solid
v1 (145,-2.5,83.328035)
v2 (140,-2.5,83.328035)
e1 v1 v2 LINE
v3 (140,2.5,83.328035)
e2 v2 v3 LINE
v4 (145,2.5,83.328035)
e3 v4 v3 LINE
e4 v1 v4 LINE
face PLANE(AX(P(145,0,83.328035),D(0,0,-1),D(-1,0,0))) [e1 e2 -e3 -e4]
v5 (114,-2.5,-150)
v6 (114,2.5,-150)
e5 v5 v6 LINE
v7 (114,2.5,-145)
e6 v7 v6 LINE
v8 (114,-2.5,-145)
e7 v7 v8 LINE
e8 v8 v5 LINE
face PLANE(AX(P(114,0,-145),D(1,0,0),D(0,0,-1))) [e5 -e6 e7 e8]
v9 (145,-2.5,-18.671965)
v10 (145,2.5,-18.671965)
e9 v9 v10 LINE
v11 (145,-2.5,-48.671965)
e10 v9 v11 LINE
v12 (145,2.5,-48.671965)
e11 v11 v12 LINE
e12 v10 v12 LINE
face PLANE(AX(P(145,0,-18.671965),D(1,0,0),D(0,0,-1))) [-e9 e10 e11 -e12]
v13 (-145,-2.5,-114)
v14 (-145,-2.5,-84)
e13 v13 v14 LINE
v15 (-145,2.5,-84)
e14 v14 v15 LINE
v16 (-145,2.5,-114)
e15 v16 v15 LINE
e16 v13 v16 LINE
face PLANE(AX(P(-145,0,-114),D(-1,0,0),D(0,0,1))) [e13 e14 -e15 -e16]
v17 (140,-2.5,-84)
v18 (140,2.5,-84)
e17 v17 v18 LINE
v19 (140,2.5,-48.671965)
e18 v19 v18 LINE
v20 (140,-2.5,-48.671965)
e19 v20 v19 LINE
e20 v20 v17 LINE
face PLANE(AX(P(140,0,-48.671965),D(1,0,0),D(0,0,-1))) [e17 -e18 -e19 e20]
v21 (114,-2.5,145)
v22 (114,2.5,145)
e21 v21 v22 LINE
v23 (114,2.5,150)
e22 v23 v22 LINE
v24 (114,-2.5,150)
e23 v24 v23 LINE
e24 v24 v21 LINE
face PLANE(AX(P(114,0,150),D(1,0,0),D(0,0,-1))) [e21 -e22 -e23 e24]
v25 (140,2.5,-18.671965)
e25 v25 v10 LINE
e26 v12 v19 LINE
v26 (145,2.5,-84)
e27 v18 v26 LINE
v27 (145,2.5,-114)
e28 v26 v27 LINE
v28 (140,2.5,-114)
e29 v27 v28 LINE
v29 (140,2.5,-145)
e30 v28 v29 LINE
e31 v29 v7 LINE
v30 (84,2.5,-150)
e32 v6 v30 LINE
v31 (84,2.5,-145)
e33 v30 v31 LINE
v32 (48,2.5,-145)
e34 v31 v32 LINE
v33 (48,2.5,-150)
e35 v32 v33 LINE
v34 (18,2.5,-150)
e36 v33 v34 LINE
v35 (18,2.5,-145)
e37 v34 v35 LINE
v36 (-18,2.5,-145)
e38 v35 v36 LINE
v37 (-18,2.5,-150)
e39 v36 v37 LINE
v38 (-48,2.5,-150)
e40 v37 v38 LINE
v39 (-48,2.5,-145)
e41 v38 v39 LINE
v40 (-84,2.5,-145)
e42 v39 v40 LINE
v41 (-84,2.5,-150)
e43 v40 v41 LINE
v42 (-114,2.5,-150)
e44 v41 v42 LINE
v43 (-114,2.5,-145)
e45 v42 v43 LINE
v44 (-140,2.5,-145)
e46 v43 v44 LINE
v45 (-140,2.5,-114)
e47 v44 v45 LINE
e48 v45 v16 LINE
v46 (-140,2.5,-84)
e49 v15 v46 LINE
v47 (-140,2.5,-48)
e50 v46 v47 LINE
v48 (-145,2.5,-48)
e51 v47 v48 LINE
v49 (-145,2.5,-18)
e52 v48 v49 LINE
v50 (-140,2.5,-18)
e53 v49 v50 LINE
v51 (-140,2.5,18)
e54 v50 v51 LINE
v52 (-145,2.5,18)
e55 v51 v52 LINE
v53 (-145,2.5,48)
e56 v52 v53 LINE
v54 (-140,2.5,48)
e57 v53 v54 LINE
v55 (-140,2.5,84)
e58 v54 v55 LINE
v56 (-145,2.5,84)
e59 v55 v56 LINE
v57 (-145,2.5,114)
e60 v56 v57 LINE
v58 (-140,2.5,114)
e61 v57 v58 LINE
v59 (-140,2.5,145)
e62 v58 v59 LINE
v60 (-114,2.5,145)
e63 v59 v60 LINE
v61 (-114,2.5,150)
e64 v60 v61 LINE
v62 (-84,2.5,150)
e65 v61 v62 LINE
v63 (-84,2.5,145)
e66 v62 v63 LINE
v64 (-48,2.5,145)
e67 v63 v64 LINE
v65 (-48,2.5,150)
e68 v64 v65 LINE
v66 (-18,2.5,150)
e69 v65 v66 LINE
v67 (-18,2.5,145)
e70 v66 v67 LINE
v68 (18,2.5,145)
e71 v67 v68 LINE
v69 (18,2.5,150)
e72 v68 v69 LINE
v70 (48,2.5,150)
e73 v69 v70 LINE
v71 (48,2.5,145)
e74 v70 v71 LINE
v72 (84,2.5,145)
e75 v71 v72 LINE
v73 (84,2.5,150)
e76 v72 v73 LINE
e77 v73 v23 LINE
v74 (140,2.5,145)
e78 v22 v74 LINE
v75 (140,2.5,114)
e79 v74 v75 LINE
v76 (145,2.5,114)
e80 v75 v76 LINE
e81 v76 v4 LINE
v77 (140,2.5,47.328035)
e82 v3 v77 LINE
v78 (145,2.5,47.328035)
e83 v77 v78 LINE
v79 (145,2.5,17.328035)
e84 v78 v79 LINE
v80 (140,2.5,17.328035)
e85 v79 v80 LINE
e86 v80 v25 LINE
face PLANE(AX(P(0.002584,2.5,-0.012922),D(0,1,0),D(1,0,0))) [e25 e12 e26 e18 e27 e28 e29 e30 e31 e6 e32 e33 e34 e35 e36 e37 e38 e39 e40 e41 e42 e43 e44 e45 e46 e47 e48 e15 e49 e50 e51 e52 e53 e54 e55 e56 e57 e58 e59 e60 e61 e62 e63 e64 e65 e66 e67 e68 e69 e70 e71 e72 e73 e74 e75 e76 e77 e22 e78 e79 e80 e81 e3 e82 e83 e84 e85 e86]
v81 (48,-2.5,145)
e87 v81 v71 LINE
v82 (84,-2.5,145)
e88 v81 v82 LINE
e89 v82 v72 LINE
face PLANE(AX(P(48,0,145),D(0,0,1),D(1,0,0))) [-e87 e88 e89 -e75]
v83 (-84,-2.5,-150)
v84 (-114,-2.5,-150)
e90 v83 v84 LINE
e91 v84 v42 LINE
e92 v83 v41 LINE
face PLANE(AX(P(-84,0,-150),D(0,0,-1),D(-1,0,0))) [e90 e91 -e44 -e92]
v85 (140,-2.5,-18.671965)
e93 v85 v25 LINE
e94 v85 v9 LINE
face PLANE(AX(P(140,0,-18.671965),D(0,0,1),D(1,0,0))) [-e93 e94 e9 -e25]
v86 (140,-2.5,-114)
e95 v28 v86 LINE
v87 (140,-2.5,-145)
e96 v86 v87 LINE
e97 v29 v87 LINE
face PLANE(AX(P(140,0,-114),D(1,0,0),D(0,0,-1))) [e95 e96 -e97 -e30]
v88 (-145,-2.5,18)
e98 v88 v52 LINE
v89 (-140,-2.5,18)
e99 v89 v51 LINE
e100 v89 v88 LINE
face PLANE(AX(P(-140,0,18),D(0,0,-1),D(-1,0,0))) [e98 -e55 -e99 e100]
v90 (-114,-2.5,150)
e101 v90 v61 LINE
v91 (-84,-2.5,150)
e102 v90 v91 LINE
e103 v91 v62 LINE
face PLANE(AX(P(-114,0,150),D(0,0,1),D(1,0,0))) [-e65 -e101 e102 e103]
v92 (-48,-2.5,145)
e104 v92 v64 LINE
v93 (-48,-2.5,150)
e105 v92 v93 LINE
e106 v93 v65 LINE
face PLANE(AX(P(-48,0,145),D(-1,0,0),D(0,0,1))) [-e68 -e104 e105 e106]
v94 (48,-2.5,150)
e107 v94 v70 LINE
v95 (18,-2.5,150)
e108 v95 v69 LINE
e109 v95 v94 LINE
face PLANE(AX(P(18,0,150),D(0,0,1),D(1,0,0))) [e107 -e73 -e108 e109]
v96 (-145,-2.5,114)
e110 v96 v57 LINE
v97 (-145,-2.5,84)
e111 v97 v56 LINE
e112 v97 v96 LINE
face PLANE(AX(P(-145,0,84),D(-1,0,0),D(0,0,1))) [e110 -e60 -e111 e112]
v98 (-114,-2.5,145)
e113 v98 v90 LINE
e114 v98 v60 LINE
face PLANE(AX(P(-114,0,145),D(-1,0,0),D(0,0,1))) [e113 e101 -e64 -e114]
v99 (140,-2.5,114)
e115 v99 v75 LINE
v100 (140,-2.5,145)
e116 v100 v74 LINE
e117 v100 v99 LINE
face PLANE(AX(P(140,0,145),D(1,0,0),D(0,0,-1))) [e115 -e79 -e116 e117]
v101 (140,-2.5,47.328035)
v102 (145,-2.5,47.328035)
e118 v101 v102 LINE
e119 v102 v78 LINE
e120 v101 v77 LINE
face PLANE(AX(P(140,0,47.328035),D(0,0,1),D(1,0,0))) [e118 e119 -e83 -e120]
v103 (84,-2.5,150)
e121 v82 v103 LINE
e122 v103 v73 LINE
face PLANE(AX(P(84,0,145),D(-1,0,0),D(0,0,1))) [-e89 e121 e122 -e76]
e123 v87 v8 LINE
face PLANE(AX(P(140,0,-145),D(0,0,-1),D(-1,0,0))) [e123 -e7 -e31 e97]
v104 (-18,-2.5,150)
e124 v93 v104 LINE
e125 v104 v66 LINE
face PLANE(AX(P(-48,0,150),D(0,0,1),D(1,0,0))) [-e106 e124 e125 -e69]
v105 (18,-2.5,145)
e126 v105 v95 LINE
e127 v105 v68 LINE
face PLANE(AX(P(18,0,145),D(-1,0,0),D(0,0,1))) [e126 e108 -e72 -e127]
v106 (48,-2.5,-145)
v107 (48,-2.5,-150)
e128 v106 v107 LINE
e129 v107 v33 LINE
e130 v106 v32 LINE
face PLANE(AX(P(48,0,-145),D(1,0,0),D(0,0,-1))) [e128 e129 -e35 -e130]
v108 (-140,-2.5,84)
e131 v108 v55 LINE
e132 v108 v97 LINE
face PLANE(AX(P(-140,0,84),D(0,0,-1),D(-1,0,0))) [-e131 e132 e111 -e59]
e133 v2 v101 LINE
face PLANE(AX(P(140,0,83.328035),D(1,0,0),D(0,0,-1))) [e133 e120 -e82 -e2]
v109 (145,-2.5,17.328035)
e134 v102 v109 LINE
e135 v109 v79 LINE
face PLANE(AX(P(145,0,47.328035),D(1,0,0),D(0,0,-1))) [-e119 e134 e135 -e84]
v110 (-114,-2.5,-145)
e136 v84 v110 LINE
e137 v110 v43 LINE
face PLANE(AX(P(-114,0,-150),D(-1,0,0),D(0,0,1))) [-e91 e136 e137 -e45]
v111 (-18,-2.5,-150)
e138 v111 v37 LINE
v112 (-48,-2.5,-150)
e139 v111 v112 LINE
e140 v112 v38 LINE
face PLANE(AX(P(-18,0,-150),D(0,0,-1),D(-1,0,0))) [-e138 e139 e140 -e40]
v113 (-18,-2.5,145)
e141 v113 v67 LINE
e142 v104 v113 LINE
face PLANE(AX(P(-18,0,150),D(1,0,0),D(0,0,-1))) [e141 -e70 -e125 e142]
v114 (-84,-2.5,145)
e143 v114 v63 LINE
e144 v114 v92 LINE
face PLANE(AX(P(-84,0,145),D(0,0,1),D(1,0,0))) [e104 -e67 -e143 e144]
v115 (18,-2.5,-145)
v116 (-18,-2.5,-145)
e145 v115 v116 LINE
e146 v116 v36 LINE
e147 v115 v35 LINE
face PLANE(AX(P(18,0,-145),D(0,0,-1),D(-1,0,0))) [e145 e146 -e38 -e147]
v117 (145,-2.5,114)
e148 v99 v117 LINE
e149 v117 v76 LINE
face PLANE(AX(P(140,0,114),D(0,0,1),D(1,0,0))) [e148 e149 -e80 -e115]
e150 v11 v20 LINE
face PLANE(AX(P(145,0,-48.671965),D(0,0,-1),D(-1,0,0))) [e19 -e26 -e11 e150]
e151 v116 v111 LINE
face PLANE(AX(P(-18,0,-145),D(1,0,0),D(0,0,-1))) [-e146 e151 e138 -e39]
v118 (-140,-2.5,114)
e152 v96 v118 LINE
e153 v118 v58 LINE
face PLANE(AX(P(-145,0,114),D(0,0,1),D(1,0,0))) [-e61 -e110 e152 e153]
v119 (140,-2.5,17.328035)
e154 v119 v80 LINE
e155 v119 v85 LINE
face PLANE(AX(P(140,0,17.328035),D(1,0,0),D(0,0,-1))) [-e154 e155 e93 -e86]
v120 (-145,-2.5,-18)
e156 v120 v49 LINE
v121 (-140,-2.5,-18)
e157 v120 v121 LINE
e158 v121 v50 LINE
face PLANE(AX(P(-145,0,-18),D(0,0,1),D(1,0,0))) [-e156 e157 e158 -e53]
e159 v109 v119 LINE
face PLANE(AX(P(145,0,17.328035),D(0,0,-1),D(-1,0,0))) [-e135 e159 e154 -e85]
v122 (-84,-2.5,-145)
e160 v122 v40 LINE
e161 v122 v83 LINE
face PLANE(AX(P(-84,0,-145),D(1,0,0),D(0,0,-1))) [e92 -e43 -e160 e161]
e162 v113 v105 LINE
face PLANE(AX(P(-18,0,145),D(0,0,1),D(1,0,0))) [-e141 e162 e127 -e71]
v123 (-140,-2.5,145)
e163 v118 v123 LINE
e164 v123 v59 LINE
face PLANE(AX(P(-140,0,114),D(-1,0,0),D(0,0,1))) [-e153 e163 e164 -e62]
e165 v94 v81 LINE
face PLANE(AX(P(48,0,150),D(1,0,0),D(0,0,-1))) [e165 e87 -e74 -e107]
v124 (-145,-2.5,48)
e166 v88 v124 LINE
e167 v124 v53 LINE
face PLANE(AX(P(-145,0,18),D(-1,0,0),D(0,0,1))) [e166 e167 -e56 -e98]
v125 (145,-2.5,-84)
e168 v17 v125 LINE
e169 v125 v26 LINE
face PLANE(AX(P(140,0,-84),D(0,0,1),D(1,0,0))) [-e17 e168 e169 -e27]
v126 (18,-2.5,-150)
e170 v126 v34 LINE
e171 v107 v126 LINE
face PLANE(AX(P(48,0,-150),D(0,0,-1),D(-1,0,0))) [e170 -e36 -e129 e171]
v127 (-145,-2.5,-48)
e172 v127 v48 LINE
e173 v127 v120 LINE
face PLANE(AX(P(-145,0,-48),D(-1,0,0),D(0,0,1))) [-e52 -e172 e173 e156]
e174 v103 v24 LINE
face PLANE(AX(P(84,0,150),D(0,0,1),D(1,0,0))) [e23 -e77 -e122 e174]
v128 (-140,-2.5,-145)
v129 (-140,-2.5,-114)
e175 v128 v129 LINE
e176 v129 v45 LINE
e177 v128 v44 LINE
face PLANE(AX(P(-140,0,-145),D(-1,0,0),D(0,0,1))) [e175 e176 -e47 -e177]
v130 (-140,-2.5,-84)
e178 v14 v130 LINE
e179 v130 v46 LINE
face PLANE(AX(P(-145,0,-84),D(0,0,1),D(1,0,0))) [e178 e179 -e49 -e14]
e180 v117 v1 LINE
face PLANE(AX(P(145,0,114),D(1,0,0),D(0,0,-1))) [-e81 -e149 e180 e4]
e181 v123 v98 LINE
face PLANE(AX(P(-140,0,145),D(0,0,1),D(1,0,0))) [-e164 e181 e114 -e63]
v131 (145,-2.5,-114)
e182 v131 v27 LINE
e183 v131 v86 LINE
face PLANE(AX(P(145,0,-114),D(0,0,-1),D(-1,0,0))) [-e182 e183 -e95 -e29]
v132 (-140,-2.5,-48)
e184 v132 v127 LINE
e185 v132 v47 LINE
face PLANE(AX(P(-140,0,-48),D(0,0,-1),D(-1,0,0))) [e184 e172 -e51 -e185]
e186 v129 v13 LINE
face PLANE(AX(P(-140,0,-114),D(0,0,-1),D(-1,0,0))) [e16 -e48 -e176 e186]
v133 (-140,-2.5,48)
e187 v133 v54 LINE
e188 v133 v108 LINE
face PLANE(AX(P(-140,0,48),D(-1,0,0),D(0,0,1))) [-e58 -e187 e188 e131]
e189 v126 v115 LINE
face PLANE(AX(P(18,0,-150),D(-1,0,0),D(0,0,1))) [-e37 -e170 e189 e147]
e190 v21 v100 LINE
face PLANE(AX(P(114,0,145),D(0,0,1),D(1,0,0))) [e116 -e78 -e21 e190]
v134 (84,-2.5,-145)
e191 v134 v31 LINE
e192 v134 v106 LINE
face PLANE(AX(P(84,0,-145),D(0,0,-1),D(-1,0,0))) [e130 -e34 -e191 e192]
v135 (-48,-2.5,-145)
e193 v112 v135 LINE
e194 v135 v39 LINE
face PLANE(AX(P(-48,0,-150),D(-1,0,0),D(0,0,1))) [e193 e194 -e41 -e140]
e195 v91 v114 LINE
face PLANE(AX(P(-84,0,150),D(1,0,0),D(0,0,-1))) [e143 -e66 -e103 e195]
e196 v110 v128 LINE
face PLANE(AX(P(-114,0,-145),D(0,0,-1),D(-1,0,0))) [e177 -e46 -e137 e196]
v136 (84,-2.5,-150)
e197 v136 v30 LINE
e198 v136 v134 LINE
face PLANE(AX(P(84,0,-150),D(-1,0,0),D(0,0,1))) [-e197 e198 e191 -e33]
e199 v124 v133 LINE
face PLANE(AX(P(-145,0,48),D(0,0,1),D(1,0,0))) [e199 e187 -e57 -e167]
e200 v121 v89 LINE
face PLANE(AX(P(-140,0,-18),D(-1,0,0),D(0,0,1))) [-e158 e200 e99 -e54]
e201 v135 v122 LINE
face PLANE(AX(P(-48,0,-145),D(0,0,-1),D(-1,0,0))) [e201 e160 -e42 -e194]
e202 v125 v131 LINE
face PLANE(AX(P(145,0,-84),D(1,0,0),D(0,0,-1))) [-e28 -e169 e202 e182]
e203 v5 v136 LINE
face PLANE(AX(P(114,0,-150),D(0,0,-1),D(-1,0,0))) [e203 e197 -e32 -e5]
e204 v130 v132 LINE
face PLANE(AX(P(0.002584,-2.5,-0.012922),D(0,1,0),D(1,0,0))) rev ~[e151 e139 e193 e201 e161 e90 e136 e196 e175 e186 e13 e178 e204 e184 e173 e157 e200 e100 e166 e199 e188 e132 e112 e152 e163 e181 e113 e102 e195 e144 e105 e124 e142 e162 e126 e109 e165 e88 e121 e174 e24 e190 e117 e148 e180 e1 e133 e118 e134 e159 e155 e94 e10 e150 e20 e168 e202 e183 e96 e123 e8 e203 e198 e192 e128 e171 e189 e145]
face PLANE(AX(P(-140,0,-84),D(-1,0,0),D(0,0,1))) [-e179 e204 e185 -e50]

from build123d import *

# Parameters (mm, degrees)
BOSS_EXTRUDE1_DEPTH = 2.5


with BuildPart() as part:
    # Sketch1 → Boss-Extrude1 (new, symmetric)
    with BuildSketch(Plane(origin=(0, 0, 0), x_dir=(1, 0, 0), z_dir=(0, 1, 0))):
        Polygon((114, 145), (114, 150), (84, 150), (84, 145), (48, 145), (48, 150), (18, 150), (18, 145), (-18, 145), (-18, 150), (-48, 150), (-48, 145), (-84, 145), (-84, 150), (-114, 150), (-114, 145), (-140, 145), (-140, 114), (-145, 114), (-145, 84), (-140, 84), (-140, 48), (-145, 48), (-145, 18), (-140, 18), (-140, -18), (-145, -18), (-145, -48), (-140, -48), (-140, -84), (-145, -84), (-145, -114), (-140, -114), (-140, -145), (-114, -145), (-114, -150), (-84, -150), (-84, -145), (-48, -145), (-48, -150), (-18, -150), (-18, -145), (18, -145), (18, -150), (48, -150), (48, -145), (84, -145), (84, -150), (114, -150), (114, -145), (140, -145), (140, -114), (145, -114), (145, -83.328035024), (140, -83.328035024), (140, -47.328035024), (145, -47.328035024), (145, -17.328035024), (140, -17.328035024), (140, 18.671964976), (145, 18.671964976), (145, 48.671964976), (140, 48.671964976), (140, 84), (145, 84), (145, 114), (140, 114), (140, 145), align=None)
    extrude(amount=BOSS_EXTRUDE1_DEPTH, both=True)


solid = part.part
